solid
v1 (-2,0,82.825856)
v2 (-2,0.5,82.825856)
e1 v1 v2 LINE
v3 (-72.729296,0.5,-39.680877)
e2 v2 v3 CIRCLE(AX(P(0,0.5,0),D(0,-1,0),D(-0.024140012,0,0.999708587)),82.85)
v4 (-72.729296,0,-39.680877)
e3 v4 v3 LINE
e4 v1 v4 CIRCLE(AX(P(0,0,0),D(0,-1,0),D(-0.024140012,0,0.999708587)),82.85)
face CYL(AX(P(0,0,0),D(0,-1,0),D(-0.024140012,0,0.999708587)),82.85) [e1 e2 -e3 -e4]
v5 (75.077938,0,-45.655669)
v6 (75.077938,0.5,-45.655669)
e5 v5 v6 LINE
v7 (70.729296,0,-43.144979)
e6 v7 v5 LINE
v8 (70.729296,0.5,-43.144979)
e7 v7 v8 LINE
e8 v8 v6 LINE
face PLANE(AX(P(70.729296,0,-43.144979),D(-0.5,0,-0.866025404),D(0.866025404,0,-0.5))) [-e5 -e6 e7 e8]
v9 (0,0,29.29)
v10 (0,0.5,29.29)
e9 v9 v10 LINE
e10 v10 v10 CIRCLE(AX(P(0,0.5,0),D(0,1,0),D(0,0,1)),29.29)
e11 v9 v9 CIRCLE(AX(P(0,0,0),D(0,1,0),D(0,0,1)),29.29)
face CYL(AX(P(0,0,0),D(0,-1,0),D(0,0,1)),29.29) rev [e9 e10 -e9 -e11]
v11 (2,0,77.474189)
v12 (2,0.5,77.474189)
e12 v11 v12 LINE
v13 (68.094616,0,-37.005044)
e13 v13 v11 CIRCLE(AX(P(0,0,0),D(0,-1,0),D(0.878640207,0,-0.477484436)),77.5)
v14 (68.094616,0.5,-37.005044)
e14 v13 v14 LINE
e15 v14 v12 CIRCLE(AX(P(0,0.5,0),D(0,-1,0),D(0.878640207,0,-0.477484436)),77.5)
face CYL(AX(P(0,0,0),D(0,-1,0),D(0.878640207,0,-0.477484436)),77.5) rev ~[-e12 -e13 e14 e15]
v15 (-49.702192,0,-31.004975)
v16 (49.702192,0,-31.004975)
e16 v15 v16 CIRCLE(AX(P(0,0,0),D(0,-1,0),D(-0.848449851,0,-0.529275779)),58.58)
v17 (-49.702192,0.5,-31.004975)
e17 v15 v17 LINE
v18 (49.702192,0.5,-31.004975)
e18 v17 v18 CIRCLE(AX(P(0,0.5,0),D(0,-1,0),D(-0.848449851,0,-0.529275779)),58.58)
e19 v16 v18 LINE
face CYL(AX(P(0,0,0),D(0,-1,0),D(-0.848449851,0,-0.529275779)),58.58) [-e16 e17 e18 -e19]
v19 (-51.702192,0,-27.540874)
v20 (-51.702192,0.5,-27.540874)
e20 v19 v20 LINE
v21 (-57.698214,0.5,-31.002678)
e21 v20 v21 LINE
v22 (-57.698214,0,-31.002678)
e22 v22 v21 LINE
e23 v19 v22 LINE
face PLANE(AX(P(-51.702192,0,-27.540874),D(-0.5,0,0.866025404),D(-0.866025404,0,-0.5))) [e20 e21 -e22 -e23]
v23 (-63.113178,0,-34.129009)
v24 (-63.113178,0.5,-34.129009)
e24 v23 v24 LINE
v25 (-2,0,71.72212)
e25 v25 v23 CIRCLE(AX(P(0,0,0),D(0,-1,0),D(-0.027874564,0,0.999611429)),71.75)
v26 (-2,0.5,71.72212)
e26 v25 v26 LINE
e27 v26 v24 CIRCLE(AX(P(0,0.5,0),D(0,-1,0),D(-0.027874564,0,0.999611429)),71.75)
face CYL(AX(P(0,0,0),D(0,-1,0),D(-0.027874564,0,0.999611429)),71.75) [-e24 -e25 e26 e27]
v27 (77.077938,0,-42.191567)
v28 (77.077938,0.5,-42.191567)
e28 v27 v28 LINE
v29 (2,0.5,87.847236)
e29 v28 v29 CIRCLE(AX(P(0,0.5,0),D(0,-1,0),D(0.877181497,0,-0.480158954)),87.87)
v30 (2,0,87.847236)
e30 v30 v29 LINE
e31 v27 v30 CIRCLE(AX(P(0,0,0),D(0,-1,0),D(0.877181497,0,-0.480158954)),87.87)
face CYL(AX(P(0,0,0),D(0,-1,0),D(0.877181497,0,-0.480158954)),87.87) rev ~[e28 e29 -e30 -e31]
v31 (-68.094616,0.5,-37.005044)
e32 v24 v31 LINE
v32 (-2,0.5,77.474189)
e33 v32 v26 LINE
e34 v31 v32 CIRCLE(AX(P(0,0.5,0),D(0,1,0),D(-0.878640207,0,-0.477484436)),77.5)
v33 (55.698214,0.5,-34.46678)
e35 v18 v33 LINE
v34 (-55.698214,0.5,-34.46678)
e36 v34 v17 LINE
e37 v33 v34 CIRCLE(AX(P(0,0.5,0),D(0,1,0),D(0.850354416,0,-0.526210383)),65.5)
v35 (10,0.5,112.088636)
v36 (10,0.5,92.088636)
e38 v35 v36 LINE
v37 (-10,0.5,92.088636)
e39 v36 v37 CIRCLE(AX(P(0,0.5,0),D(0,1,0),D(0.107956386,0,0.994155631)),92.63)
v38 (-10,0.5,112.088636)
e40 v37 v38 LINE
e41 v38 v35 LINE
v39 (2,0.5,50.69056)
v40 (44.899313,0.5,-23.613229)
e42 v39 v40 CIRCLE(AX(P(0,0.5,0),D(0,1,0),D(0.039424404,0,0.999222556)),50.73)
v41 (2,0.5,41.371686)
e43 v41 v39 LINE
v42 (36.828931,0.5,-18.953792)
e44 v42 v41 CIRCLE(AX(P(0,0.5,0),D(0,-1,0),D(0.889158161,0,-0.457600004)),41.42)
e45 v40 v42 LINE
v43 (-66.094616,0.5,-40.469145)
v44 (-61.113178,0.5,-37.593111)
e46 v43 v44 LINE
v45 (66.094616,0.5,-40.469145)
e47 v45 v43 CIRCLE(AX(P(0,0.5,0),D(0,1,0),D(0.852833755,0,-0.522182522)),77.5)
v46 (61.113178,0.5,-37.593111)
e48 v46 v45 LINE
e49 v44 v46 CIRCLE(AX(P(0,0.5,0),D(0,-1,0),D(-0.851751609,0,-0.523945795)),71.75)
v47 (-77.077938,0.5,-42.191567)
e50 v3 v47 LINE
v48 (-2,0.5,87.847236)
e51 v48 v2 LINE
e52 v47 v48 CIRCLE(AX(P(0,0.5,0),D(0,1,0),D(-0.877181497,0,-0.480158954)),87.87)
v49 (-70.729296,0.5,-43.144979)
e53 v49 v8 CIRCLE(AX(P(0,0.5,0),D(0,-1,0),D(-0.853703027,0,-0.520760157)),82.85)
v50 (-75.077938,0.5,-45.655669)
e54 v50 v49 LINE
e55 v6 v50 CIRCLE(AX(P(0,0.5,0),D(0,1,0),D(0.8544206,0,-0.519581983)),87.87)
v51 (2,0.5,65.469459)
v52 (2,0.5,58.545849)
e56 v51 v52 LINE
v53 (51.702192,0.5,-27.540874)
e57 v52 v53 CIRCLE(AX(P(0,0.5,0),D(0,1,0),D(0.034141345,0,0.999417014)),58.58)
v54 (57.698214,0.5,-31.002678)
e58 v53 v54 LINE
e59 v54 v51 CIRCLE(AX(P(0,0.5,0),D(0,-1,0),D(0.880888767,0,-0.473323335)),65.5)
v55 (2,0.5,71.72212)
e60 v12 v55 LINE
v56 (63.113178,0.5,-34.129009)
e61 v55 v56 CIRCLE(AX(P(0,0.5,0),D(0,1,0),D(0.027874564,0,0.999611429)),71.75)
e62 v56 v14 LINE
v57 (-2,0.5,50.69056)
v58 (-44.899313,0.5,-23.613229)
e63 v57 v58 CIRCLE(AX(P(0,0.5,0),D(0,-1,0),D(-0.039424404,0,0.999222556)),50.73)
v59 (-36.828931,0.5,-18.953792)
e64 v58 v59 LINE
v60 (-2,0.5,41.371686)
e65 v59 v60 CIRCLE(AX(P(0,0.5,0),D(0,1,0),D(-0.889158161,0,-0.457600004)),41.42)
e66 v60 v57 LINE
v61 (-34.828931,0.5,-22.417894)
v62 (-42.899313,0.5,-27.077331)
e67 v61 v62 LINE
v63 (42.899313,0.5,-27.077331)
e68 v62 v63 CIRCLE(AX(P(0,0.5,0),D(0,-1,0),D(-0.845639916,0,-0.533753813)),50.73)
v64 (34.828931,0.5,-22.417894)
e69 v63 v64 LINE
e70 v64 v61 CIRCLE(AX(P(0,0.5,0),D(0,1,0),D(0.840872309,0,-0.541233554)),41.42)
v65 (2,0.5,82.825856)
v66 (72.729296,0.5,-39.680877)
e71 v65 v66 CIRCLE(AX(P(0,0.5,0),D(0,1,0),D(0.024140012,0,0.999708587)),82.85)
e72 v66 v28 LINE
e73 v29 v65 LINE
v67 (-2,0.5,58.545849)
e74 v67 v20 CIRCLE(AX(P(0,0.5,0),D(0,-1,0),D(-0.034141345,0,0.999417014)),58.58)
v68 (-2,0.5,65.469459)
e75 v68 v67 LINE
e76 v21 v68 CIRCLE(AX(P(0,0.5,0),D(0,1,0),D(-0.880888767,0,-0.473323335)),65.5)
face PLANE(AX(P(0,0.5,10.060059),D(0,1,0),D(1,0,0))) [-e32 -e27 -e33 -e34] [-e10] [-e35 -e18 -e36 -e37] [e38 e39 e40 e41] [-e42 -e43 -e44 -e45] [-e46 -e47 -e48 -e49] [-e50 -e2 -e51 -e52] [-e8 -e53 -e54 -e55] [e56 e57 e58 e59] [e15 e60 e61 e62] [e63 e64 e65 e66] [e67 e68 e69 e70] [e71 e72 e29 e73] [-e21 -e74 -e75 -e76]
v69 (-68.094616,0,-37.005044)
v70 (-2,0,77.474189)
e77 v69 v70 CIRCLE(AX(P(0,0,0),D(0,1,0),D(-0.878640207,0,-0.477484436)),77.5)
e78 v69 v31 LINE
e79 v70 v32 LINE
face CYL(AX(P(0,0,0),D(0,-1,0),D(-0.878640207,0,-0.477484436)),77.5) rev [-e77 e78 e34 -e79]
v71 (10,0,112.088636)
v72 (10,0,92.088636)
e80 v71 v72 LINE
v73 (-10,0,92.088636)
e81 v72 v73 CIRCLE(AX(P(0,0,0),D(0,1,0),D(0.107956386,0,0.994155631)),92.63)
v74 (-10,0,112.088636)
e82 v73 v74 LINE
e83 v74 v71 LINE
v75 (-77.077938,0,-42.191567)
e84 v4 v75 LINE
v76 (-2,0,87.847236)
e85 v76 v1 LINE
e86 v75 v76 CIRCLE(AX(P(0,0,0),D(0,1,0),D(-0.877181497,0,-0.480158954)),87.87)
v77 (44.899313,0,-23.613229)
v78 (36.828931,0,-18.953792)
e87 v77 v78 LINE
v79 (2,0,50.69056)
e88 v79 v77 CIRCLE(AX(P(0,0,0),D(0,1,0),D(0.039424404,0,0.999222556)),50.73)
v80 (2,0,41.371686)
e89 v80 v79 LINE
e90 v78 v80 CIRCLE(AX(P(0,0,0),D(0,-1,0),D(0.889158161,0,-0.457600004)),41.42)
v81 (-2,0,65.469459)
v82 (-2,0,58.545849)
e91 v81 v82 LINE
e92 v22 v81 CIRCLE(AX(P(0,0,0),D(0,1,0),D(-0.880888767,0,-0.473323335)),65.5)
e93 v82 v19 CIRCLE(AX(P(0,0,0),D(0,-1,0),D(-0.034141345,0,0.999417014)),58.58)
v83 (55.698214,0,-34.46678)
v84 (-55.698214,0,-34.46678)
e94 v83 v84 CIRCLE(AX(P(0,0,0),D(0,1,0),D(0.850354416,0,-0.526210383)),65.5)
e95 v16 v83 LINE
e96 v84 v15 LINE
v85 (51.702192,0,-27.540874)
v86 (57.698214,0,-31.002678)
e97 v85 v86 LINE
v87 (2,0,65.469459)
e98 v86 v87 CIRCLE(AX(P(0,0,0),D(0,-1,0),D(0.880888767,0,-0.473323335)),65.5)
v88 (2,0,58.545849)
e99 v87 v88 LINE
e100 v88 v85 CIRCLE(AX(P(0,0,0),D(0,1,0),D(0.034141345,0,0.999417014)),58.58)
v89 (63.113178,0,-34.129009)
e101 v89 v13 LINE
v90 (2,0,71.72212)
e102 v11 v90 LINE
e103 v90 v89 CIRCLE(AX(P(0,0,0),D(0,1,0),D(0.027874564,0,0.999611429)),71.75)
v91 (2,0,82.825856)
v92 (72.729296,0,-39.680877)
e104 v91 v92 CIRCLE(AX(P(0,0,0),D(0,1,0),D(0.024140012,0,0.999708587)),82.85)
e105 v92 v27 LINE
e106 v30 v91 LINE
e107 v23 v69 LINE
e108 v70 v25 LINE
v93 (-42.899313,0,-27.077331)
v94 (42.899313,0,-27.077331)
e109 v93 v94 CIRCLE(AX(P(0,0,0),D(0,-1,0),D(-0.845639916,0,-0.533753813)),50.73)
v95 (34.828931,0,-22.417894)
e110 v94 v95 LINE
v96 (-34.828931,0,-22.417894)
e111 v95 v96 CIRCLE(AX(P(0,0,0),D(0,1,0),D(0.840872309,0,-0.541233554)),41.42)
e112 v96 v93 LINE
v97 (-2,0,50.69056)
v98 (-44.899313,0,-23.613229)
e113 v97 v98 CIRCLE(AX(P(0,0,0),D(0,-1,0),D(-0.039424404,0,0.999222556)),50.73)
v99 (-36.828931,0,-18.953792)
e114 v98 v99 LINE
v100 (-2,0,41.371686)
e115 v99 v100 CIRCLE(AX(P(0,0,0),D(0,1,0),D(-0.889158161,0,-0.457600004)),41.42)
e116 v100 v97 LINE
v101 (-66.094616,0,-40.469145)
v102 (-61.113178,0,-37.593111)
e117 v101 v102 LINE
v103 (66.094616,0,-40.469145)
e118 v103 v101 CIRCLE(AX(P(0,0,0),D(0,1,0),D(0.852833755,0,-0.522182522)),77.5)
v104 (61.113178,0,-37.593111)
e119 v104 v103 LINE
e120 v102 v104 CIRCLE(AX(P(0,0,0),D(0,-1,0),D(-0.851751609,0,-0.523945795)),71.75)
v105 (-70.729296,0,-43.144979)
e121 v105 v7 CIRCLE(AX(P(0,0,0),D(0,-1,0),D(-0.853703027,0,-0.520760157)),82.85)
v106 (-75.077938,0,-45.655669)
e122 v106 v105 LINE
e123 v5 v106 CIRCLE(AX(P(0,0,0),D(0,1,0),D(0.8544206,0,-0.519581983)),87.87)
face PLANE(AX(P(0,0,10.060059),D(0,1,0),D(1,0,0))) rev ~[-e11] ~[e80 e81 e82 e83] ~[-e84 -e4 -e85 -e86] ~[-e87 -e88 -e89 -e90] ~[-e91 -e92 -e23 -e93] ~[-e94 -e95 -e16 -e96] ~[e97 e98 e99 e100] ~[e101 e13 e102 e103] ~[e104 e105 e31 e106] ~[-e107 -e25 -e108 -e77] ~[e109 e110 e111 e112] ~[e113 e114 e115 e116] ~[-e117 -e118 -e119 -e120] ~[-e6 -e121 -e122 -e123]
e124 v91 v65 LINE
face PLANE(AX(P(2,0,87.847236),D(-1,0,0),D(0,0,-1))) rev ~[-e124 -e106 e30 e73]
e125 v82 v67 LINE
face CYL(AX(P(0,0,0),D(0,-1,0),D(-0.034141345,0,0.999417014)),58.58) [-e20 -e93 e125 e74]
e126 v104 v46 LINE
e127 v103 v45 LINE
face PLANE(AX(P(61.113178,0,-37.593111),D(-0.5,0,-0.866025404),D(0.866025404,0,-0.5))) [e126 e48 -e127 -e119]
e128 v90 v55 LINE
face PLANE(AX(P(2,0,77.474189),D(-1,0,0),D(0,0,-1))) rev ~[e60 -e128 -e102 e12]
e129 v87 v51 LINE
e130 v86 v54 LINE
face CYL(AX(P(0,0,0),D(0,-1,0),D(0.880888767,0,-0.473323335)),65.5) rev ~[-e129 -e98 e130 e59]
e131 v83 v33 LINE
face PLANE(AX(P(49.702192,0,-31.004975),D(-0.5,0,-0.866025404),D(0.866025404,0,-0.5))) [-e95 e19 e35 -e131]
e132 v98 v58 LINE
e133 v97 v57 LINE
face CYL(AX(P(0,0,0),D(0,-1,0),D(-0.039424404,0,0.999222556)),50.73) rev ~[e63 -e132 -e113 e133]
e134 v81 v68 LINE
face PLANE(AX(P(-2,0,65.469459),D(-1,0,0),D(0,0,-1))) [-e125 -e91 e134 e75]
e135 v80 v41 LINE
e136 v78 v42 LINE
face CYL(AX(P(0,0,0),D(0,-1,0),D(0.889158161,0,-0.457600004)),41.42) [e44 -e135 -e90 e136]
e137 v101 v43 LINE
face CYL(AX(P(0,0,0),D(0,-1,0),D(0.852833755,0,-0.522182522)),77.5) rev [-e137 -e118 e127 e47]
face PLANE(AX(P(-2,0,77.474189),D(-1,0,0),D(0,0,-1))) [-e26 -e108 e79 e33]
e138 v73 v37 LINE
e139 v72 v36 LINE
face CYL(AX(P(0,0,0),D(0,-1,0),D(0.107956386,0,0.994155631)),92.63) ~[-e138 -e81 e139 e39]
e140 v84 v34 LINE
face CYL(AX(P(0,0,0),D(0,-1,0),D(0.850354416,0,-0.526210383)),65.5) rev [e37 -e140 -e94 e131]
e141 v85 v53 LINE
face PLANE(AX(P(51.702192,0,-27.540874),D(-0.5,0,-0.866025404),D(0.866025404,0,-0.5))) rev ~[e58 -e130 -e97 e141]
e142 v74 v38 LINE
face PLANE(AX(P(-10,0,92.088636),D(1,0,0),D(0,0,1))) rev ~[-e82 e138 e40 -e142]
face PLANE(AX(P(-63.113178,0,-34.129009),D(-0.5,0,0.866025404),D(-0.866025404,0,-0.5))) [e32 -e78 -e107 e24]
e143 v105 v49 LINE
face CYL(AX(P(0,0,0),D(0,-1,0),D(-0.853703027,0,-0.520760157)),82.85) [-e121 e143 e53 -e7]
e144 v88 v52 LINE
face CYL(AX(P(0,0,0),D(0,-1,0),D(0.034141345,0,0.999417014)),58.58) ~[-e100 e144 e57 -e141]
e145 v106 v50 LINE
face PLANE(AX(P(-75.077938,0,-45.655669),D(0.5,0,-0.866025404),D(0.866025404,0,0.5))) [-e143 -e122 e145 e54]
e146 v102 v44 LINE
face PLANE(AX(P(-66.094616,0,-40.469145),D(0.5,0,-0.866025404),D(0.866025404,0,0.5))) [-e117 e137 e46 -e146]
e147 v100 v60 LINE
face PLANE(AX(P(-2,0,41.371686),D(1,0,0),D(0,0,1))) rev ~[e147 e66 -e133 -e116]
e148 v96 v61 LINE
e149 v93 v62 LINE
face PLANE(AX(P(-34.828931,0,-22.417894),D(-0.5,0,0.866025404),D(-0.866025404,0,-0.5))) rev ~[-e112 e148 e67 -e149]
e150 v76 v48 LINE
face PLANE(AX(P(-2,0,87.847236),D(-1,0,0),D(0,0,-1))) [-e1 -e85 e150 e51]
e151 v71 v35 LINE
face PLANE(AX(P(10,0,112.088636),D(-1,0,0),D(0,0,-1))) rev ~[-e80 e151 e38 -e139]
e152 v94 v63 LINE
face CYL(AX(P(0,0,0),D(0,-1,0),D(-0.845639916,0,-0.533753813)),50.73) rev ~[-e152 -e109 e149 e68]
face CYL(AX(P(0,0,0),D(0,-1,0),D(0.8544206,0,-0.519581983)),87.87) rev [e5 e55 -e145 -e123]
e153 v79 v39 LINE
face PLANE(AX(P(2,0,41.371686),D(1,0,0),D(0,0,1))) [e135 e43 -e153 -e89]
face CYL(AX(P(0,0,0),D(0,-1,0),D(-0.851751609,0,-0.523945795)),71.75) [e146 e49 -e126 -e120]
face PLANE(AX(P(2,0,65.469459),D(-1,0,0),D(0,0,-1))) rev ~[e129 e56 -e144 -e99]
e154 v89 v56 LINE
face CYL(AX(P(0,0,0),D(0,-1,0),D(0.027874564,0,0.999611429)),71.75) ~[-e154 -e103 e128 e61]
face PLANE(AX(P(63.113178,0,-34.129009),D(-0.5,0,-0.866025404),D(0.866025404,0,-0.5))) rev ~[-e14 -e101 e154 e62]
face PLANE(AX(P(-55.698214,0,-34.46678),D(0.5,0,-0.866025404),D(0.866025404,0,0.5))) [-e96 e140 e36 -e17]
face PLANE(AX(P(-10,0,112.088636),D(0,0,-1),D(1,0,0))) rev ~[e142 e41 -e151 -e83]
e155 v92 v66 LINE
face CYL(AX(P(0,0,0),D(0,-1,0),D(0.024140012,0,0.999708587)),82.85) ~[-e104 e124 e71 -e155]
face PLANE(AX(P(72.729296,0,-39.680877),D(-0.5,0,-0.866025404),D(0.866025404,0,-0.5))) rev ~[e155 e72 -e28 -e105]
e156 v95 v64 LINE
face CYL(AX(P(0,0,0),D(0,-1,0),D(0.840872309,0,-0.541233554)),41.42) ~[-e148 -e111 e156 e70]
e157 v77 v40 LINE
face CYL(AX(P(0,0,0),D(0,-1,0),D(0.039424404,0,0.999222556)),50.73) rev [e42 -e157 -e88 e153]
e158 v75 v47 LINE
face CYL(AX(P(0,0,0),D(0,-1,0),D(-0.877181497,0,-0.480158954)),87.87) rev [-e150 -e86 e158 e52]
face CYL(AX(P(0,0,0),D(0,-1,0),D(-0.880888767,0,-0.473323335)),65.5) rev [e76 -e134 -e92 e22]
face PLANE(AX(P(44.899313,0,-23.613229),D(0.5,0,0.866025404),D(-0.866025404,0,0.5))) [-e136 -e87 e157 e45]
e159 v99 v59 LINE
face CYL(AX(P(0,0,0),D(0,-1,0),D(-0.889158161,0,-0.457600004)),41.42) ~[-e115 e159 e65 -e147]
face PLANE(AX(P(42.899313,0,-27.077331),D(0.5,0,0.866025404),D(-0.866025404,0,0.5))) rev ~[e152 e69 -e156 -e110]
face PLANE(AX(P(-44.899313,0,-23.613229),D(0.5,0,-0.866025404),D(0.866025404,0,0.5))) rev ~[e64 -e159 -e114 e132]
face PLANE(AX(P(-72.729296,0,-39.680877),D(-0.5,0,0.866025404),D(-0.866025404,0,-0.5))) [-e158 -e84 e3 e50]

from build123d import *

# Parameters (mm, degrees)
SKETCH_1_R      = 29.29
EXTRUDE_1_DEPTH = 0.5


with BuildPart() as part:
    # 草图1 → 凸台-拉伸1 (new body)
    with BuildSketch(Plane(origin=(0, 0, 0), x_dir=(1, 0, 0), z_dir=(0, 1, 0))):
        with BuildLine():
            Line((-10, -92.088636107), (-10, -112.088636107))
            Line((-10, -112.088636107), (10, -112.088636107))
            Line((10, -112.088636107), (10, -92.088636107))
            ThreePointArc((10, -92.088636107), (0, 92.63), (-10, -92.088636107))
        make_face()
        with Locations(Location((0, 0, 0), (0, 0, 270))):
            Circle(SKETCH_1_R, mode=Mode.SUBTRACT)
        with BuildLine():
            Line((-2, -41.37168597), (-2, -50.690560265))
            ThreePointArc((-2, -50.690560265), (-43.933468734, -25.365), (-44.899312922, 23.613229325))
            Line((-44.899312922, 23.613229325), (-36.828931047, 18.953792177))
            ThreePointArc((-36.828931047, 18.953792177), (-35.870772225, -20.71), (-2, -41.37168597))
        make_face(mode=Mode.SUBTRACT)
        with BuildLine():
            Line((2, -41.37168597), (2, -50.690560265))
            ThreePointArc((2, -50.690560265), (43.933468734, -25.365), (44.899312922, 23.613229325))
            Line((44.899312922, 23.613229325), (36.828931047, 18.953792177))
            ThreePointArc((36.828931047, 18.953792177), (35.870772225, -20.71), (2, -41.37168597))
        make_face(mode=Mode.SUBTRACT)
        with BuildLine():
            Line((-34.828931047, 22.417893793), (-42.899312922, 27.07733094))
            ThreePointArc((-42.899312922, 27.07733094), (0, 50.73), (42.899312922, 27.07733094))
            Line((42.899312922, 27.07733094), (34.828931047, 22.417893793))
            ThreePointArc((34.828931047, 22.417893793), (0, 41.42), (-34.828931047, 22.417893793))
        make_face(mode=Mode.SUBTRACT)
        with BuildLine():
            Line((51.70219226, 27.540873542), (57.698214258, 31.002678457))
            ThreePointArc((57.698214258, 31.002678457), (56.724663948, -32.75), (2, -65.469458528))
            Line((2, -65.469458528), (2, -58.5458487))
            ThreePointArc((2, -58.5458487), (50.731768154, -29.29), (51.70219226, 27.540873542))
        make_face(mode=Mode.SUBTRACT)
        with BuildLine():
            Line((49.70219226, 31.004975158), (55.698214258, 34.466780072))
            ThreePointArc((55.698214258, 34.466780072), (0, 65.5), (-55.698214258, 34.466780072))
            Line((-55.698214258, 34.466780072), (-49.70219226, 31.004975158))
            ThreePointArc((-49.70219226, 31.004975158), (0, 58.58), (49.70219226, 31.004975158))
        make_face(mode=Mode.SUBTRACT)
        with BuildLine():
            Line((63.11317795, 34.129009202), (68.094616028, 37.005043818))
            ThreePointArc((68.094616028, 37.005043818), (67.116968793, -38.75), (2, -77.47418925))
            Line((2, -77.47418925), (2, -71.722120019))
            ThreePointArc((2, -71.722120019), (62.137322722, -35.875), (63.11317795, 34.129009202))
        make_face(mode=Mode.SUBTRACT)
        with BuildLine():
            Line((61.11317795, 37.593110817), (66.094616028, 40.469145433))
            ThreePointArc((66.094616028, 40.469145433), (0, 77.5), (-66.094616028, 40.469145433))
            Line((-66.094616028, 40.469145433), (-61.11317795, 37.593110817))
            ThreePointArc((-61.11317795, 37.593110817), (0, 71.75), (61.11317795, 37.593110817))
        make_face(mode=Mode.SUBTRACT)
        with BuildLine():
            Line((72.729295793, 39.680877427), (77.077938162, 42.19156727))
            ThreePointArc((77.077938162, 42.19156727), (76.097652231, -43.935), (2, -87.847236155))
            Line((2, -87.847236155), (2, -82.82585647))
            ThreePointArc((2, -82.82585647), (71.750204704, -41.425), (72.729295793, 39.680877427))
        make_face(mode=Mode.SUBTRACT)
        with BuildLine():
            Line((70.729295793, 43.144979043), (75.077938162, 45.655668885))
            ThreePointArc((75.077938162, 45.655668885), (0, 87.87), (-75.077938162, 45.655668885))
            Line((-75.077938162, 45.655668885), (-70.729295793, 43.144979043))
            ThreePointArc((-70.729295793, 43.144979043), (0, 82.85), (70.729295793, 43.144979043))
        make_face(mode=Mode.SUBTRACT)
        with BuildLine():
            Line((-51.70219226, 27.540873542), (-57.698214258, 31.002678457))
            ThreePointArc((-57.698214258, 31.002678457), (-56.724663948, -32.75), (-2, -65.469458528))
            Line((-2, -65.469458528), (-2, -58.5458487))
            ThreePointArc((-2, -58.5458487), (-50.731768154, -29.29), (-51.70219226, 27.540873542))
        make_face(mode=Mode.SUBTRACT)
        with BuildLine():
            Line((-63.11317795, 34.129009202), (-68.094616028, 37.005043818))
            ThreePointArc((-68.094616028, 37.005043818), (-67.116968793, -38.75), (-2, -77.47418925))
            Line((-2, -77.47418925), (-2, -71.722120019))
            ThreePointArc((-2, -71.722120019), (-62.137322722, -35.875), (-63.11317795, 34.129009202))
        make_face(mode=Mode.SUBTRACT)
        with BuildLine():
            Line((-72.729295793, 39.680877427), (-77.077938162, 42.19156727))
            ThreePointArc((-77.077938162, 42.19156727), (-76.097652231, -43.935), (-2, -87.847236155))
            Line((-2, -87.847236155), (-2, -82.82585647))
            ThreePointArc((-2, -82.82585647), (-71.750204704, -41.425), (-72.729295793, 39.680877427))
        make_face(mode=Mode.SUBTRACT)
    extrude(amount=EXTRUDE_1_DEPTH)


solid = part.part
